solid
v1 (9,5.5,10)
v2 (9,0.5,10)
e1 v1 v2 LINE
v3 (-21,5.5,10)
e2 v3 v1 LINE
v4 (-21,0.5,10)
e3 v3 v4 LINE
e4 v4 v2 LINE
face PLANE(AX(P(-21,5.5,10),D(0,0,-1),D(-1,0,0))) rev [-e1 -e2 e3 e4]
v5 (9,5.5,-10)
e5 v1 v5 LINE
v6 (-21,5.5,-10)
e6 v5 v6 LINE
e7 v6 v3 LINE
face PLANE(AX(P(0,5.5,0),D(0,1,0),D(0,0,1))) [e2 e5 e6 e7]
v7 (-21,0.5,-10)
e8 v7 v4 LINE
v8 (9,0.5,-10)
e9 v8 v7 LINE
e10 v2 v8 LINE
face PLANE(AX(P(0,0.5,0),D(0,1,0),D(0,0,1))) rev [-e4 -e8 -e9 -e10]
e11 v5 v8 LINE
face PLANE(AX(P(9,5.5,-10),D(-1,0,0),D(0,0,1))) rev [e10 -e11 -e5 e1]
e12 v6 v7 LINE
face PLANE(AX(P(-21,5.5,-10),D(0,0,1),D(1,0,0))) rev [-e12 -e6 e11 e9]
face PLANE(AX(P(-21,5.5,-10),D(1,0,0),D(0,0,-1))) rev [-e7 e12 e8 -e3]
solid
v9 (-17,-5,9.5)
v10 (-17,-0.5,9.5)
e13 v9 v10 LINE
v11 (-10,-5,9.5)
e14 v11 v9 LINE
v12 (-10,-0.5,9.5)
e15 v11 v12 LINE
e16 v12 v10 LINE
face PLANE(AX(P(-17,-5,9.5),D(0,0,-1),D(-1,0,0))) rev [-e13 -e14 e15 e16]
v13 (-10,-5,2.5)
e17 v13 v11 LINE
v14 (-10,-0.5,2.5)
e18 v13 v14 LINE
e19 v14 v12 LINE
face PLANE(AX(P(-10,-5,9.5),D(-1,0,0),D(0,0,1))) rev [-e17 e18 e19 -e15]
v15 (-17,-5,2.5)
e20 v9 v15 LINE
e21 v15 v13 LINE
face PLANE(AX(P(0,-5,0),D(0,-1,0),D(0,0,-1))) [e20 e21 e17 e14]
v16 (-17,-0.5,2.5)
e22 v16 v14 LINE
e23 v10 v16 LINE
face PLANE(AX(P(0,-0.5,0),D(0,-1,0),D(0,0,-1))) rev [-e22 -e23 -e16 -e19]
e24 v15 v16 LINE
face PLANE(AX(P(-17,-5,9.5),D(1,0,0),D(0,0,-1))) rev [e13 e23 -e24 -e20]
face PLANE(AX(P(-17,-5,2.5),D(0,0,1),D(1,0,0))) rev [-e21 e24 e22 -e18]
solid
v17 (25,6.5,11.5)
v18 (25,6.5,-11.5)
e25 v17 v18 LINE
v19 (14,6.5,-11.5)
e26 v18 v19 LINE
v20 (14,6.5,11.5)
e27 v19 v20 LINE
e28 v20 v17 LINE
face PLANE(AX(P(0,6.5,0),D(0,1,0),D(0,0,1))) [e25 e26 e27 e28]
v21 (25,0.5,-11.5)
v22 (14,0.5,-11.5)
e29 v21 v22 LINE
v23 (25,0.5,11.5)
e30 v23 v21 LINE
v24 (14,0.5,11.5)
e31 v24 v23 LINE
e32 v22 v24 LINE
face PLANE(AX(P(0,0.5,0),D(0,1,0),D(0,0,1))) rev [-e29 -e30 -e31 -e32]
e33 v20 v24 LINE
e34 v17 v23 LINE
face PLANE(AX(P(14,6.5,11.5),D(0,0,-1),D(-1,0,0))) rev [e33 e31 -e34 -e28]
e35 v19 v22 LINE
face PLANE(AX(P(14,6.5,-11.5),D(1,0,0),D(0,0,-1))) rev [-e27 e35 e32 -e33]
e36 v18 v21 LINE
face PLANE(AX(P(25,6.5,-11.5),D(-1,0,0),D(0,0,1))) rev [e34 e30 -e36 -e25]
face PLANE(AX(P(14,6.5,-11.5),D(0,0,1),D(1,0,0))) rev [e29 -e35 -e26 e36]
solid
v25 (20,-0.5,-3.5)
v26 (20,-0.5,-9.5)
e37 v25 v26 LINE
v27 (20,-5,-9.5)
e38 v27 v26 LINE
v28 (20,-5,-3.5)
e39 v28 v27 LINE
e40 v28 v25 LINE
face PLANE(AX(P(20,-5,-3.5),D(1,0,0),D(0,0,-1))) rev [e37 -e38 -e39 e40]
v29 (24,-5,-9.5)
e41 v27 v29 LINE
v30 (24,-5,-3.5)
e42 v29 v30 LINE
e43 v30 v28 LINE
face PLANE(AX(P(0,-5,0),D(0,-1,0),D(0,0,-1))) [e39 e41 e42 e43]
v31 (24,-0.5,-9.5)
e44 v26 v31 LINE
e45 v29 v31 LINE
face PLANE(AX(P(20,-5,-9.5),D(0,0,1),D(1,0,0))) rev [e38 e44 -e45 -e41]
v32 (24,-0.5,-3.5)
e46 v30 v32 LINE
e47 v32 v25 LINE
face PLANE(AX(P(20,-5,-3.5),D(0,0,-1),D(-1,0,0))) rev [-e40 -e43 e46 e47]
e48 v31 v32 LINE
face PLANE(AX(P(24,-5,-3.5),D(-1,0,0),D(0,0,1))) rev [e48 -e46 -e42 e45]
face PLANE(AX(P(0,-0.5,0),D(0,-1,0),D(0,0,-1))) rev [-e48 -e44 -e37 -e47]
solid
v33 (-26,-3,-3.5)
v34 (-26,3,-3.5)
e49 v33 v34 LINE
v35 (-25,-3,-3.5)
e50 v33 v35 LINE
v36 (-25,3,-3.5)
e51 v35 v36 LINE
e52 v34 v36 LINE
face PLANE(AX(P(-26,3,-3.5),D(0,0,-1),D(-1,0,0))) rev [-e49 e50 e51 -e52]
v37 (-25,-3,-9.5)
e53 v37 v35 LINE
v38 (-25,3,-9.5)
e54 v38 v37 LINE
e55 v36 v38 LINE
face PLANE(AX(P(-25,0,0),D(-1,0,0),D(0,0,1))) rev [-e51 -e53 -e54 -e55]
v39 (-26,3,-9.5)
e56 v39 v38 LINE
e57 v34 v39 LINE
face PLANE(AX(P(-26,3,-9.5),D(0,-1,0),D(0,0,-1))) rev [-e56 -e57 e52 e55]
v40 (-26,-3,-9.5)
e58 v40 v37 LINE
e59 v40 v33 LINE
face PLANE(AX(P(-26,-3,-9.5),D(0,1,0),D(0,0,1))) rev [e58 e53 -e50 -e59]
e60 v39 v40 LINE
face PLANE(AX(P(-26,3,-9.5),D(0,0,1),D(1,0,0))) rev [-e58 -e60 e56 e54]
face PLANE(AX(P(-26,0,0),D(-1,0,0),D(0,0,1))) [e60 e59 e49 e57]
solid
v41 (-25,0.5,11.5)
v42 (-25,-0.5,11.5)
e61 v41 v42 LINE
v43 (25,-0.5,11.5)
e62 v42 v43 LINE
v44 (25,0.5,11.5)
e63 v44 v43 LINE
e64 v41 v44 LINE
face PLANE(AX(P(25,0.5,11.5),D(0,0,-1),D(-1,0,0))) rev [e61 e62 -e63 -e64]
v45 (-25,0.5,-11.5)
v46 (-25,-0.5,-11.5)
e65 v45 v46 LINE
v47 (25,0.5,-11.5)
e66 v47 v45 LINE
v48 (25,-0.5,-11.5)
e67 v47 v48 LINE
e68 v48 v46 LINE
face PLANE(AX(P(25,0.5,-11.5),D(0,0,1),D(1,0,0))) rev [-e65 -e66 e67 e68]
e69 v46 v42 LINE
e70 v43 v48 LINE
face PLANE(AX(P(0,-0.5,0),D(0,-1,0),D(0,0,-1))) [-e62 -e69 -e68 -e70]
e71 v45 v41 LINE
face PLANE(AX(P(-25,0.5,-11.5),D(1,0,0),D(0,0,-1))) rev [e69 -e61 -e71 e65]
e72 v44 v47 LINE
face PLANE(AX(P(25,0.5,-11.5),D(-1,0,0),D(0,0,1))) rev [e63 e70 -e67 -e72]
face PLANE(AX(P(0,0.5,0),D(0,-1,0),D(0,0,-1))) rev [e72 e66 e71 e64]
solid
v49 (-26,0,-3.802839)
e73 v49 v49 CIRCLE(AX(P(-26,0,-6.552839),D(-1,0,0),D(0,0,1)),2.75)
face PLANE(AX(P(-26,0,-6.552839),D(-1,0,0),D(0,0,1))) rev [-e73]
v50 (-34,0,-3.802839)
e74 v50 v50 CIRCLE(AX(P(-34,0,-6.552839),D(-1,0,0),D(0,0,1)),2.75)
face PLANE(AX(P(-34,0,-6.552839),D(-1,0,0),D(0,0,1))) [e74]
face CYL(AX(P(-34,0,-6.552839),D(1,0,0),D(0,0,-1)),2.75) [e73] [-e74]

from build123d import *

# Parameters (mm, degrees)
SKETCH1_W             = 50
SKETCH1_H             = 23
BOSS_EXTRUDE1_DEPTH   = 0.5
SKETCH2_W             = 30
SKETCH2_H             = 20
BOSS_EXTRUDE2_DEPTH   = 5
SKETCH3_W             = 7
SKETCH3_H             = 7
BOSS_EXTRUDE3_DEPTH   = 4.5
SKETCH3_W_2           = 4
SKETCH3_H_2           = 6
BOSS_EXTRUDE3_2_DEPTH = 4.5
SKETCH4_W             = 6
SKETCH4_H             = 6
BOSS_EXTRUDE4_DEPTH   = 1
SKETCH5_R             = 2.75
BOSS_EXTRUDE5_DEPTH   = 8
SKETCH6_W             = 11
SKETCH6_H             = 23
BOSS_EXTRUDE6_DEPTH   = 6


with BuildPart() as part:
    # Sketch1 → Boss-Extrude1 (new, symmetric)
    with BuildSketch(Plane(origin=(0, 0, 0), x_dir=(1, 0, 0), z_dir=(0, 1, 0))):
        Rectangle(SKETCH1_W, SKETCH1_H)
    extrude(amount=BOSS_EXTRUDE1_DEPTH, both=True)


with BuildPart() as body_2:
    # Sketch2 → Boss-Extrude2 (new body)
    with BuildSketch(Plane(origin=(0, 0.5, 0), x_dir=(1, 0, 0), z_dir=(0, 1, 0))):
        with Locations((-6, 0)):
            Rectangle(SKETCH2_W, SKETCH2_H)
    extrude(amount=BOSS_EXTRUDE2_DEPTH)


with BuildPart() as body_3:
    # Sketch3 → Boss-Extrude3 (new body)
    with BuildSketch(Plane.XZ.offset(0.5)):
        with Locations((-13.5, 6)):
            Rectangle(SKETCH3_W, SKETCH3_H)
    extrude(amount=BOSS_EXTRUDE3_DEPTH)


with BuildPart() as body_4:
    # Sketch3 → Boss-Extrude3 2 (new body)
    with BuildSketch(Plane.XZ.offset(0.5)):
        with Locations((22, -6.5)):
            Rectangle(SKETCH3_W_2, SKETCH3_H_2)
    extrude(amount=BOSS_EXTRUDE3_2_DEPTH)


with BuildPart() as body_5:
    # Sketch4 → Boss-Extrude4 (new body)
    with BuildSketch(Plane.ZY.offset(25)):
        with Locations((-6.5, 0)):
            Rectangle(SKETCH4_W, SKETCH4_H)
    extrude(amount=BOSS_EXTRUDE4_DEPTH)


with BuildPart() as body_6:
    # Sketch5 → Boss-Extrude5 (new body)
    with BuildSketch(Plane.ZY.offset(26)):
        with Locations((-6.552838998, 0)):
            Circle(SKETCH5_R)
    extrude(amount=BOSS_EXTRUDE5_DEPTH)


with BuildPart() as body_7:
    # Sketch6 → Boss-Extrude6 (new body)
    with BuildSketch(Plane(origin=(0, 0.5, 0), x_dir=(1, 0, 0), z_dir=(0, 1, 0))):
        with Locations((19.5, 0)):
            Rectangle(SKETCH6_W, SKETCH6_H)
    extrude(amount=BOSS_EXTRUDE6_DEPTH)


solid = Compound([part.part, body_2.part, body_3.part, body_4.part, body_5.part, body_6.part, body_7.part])
